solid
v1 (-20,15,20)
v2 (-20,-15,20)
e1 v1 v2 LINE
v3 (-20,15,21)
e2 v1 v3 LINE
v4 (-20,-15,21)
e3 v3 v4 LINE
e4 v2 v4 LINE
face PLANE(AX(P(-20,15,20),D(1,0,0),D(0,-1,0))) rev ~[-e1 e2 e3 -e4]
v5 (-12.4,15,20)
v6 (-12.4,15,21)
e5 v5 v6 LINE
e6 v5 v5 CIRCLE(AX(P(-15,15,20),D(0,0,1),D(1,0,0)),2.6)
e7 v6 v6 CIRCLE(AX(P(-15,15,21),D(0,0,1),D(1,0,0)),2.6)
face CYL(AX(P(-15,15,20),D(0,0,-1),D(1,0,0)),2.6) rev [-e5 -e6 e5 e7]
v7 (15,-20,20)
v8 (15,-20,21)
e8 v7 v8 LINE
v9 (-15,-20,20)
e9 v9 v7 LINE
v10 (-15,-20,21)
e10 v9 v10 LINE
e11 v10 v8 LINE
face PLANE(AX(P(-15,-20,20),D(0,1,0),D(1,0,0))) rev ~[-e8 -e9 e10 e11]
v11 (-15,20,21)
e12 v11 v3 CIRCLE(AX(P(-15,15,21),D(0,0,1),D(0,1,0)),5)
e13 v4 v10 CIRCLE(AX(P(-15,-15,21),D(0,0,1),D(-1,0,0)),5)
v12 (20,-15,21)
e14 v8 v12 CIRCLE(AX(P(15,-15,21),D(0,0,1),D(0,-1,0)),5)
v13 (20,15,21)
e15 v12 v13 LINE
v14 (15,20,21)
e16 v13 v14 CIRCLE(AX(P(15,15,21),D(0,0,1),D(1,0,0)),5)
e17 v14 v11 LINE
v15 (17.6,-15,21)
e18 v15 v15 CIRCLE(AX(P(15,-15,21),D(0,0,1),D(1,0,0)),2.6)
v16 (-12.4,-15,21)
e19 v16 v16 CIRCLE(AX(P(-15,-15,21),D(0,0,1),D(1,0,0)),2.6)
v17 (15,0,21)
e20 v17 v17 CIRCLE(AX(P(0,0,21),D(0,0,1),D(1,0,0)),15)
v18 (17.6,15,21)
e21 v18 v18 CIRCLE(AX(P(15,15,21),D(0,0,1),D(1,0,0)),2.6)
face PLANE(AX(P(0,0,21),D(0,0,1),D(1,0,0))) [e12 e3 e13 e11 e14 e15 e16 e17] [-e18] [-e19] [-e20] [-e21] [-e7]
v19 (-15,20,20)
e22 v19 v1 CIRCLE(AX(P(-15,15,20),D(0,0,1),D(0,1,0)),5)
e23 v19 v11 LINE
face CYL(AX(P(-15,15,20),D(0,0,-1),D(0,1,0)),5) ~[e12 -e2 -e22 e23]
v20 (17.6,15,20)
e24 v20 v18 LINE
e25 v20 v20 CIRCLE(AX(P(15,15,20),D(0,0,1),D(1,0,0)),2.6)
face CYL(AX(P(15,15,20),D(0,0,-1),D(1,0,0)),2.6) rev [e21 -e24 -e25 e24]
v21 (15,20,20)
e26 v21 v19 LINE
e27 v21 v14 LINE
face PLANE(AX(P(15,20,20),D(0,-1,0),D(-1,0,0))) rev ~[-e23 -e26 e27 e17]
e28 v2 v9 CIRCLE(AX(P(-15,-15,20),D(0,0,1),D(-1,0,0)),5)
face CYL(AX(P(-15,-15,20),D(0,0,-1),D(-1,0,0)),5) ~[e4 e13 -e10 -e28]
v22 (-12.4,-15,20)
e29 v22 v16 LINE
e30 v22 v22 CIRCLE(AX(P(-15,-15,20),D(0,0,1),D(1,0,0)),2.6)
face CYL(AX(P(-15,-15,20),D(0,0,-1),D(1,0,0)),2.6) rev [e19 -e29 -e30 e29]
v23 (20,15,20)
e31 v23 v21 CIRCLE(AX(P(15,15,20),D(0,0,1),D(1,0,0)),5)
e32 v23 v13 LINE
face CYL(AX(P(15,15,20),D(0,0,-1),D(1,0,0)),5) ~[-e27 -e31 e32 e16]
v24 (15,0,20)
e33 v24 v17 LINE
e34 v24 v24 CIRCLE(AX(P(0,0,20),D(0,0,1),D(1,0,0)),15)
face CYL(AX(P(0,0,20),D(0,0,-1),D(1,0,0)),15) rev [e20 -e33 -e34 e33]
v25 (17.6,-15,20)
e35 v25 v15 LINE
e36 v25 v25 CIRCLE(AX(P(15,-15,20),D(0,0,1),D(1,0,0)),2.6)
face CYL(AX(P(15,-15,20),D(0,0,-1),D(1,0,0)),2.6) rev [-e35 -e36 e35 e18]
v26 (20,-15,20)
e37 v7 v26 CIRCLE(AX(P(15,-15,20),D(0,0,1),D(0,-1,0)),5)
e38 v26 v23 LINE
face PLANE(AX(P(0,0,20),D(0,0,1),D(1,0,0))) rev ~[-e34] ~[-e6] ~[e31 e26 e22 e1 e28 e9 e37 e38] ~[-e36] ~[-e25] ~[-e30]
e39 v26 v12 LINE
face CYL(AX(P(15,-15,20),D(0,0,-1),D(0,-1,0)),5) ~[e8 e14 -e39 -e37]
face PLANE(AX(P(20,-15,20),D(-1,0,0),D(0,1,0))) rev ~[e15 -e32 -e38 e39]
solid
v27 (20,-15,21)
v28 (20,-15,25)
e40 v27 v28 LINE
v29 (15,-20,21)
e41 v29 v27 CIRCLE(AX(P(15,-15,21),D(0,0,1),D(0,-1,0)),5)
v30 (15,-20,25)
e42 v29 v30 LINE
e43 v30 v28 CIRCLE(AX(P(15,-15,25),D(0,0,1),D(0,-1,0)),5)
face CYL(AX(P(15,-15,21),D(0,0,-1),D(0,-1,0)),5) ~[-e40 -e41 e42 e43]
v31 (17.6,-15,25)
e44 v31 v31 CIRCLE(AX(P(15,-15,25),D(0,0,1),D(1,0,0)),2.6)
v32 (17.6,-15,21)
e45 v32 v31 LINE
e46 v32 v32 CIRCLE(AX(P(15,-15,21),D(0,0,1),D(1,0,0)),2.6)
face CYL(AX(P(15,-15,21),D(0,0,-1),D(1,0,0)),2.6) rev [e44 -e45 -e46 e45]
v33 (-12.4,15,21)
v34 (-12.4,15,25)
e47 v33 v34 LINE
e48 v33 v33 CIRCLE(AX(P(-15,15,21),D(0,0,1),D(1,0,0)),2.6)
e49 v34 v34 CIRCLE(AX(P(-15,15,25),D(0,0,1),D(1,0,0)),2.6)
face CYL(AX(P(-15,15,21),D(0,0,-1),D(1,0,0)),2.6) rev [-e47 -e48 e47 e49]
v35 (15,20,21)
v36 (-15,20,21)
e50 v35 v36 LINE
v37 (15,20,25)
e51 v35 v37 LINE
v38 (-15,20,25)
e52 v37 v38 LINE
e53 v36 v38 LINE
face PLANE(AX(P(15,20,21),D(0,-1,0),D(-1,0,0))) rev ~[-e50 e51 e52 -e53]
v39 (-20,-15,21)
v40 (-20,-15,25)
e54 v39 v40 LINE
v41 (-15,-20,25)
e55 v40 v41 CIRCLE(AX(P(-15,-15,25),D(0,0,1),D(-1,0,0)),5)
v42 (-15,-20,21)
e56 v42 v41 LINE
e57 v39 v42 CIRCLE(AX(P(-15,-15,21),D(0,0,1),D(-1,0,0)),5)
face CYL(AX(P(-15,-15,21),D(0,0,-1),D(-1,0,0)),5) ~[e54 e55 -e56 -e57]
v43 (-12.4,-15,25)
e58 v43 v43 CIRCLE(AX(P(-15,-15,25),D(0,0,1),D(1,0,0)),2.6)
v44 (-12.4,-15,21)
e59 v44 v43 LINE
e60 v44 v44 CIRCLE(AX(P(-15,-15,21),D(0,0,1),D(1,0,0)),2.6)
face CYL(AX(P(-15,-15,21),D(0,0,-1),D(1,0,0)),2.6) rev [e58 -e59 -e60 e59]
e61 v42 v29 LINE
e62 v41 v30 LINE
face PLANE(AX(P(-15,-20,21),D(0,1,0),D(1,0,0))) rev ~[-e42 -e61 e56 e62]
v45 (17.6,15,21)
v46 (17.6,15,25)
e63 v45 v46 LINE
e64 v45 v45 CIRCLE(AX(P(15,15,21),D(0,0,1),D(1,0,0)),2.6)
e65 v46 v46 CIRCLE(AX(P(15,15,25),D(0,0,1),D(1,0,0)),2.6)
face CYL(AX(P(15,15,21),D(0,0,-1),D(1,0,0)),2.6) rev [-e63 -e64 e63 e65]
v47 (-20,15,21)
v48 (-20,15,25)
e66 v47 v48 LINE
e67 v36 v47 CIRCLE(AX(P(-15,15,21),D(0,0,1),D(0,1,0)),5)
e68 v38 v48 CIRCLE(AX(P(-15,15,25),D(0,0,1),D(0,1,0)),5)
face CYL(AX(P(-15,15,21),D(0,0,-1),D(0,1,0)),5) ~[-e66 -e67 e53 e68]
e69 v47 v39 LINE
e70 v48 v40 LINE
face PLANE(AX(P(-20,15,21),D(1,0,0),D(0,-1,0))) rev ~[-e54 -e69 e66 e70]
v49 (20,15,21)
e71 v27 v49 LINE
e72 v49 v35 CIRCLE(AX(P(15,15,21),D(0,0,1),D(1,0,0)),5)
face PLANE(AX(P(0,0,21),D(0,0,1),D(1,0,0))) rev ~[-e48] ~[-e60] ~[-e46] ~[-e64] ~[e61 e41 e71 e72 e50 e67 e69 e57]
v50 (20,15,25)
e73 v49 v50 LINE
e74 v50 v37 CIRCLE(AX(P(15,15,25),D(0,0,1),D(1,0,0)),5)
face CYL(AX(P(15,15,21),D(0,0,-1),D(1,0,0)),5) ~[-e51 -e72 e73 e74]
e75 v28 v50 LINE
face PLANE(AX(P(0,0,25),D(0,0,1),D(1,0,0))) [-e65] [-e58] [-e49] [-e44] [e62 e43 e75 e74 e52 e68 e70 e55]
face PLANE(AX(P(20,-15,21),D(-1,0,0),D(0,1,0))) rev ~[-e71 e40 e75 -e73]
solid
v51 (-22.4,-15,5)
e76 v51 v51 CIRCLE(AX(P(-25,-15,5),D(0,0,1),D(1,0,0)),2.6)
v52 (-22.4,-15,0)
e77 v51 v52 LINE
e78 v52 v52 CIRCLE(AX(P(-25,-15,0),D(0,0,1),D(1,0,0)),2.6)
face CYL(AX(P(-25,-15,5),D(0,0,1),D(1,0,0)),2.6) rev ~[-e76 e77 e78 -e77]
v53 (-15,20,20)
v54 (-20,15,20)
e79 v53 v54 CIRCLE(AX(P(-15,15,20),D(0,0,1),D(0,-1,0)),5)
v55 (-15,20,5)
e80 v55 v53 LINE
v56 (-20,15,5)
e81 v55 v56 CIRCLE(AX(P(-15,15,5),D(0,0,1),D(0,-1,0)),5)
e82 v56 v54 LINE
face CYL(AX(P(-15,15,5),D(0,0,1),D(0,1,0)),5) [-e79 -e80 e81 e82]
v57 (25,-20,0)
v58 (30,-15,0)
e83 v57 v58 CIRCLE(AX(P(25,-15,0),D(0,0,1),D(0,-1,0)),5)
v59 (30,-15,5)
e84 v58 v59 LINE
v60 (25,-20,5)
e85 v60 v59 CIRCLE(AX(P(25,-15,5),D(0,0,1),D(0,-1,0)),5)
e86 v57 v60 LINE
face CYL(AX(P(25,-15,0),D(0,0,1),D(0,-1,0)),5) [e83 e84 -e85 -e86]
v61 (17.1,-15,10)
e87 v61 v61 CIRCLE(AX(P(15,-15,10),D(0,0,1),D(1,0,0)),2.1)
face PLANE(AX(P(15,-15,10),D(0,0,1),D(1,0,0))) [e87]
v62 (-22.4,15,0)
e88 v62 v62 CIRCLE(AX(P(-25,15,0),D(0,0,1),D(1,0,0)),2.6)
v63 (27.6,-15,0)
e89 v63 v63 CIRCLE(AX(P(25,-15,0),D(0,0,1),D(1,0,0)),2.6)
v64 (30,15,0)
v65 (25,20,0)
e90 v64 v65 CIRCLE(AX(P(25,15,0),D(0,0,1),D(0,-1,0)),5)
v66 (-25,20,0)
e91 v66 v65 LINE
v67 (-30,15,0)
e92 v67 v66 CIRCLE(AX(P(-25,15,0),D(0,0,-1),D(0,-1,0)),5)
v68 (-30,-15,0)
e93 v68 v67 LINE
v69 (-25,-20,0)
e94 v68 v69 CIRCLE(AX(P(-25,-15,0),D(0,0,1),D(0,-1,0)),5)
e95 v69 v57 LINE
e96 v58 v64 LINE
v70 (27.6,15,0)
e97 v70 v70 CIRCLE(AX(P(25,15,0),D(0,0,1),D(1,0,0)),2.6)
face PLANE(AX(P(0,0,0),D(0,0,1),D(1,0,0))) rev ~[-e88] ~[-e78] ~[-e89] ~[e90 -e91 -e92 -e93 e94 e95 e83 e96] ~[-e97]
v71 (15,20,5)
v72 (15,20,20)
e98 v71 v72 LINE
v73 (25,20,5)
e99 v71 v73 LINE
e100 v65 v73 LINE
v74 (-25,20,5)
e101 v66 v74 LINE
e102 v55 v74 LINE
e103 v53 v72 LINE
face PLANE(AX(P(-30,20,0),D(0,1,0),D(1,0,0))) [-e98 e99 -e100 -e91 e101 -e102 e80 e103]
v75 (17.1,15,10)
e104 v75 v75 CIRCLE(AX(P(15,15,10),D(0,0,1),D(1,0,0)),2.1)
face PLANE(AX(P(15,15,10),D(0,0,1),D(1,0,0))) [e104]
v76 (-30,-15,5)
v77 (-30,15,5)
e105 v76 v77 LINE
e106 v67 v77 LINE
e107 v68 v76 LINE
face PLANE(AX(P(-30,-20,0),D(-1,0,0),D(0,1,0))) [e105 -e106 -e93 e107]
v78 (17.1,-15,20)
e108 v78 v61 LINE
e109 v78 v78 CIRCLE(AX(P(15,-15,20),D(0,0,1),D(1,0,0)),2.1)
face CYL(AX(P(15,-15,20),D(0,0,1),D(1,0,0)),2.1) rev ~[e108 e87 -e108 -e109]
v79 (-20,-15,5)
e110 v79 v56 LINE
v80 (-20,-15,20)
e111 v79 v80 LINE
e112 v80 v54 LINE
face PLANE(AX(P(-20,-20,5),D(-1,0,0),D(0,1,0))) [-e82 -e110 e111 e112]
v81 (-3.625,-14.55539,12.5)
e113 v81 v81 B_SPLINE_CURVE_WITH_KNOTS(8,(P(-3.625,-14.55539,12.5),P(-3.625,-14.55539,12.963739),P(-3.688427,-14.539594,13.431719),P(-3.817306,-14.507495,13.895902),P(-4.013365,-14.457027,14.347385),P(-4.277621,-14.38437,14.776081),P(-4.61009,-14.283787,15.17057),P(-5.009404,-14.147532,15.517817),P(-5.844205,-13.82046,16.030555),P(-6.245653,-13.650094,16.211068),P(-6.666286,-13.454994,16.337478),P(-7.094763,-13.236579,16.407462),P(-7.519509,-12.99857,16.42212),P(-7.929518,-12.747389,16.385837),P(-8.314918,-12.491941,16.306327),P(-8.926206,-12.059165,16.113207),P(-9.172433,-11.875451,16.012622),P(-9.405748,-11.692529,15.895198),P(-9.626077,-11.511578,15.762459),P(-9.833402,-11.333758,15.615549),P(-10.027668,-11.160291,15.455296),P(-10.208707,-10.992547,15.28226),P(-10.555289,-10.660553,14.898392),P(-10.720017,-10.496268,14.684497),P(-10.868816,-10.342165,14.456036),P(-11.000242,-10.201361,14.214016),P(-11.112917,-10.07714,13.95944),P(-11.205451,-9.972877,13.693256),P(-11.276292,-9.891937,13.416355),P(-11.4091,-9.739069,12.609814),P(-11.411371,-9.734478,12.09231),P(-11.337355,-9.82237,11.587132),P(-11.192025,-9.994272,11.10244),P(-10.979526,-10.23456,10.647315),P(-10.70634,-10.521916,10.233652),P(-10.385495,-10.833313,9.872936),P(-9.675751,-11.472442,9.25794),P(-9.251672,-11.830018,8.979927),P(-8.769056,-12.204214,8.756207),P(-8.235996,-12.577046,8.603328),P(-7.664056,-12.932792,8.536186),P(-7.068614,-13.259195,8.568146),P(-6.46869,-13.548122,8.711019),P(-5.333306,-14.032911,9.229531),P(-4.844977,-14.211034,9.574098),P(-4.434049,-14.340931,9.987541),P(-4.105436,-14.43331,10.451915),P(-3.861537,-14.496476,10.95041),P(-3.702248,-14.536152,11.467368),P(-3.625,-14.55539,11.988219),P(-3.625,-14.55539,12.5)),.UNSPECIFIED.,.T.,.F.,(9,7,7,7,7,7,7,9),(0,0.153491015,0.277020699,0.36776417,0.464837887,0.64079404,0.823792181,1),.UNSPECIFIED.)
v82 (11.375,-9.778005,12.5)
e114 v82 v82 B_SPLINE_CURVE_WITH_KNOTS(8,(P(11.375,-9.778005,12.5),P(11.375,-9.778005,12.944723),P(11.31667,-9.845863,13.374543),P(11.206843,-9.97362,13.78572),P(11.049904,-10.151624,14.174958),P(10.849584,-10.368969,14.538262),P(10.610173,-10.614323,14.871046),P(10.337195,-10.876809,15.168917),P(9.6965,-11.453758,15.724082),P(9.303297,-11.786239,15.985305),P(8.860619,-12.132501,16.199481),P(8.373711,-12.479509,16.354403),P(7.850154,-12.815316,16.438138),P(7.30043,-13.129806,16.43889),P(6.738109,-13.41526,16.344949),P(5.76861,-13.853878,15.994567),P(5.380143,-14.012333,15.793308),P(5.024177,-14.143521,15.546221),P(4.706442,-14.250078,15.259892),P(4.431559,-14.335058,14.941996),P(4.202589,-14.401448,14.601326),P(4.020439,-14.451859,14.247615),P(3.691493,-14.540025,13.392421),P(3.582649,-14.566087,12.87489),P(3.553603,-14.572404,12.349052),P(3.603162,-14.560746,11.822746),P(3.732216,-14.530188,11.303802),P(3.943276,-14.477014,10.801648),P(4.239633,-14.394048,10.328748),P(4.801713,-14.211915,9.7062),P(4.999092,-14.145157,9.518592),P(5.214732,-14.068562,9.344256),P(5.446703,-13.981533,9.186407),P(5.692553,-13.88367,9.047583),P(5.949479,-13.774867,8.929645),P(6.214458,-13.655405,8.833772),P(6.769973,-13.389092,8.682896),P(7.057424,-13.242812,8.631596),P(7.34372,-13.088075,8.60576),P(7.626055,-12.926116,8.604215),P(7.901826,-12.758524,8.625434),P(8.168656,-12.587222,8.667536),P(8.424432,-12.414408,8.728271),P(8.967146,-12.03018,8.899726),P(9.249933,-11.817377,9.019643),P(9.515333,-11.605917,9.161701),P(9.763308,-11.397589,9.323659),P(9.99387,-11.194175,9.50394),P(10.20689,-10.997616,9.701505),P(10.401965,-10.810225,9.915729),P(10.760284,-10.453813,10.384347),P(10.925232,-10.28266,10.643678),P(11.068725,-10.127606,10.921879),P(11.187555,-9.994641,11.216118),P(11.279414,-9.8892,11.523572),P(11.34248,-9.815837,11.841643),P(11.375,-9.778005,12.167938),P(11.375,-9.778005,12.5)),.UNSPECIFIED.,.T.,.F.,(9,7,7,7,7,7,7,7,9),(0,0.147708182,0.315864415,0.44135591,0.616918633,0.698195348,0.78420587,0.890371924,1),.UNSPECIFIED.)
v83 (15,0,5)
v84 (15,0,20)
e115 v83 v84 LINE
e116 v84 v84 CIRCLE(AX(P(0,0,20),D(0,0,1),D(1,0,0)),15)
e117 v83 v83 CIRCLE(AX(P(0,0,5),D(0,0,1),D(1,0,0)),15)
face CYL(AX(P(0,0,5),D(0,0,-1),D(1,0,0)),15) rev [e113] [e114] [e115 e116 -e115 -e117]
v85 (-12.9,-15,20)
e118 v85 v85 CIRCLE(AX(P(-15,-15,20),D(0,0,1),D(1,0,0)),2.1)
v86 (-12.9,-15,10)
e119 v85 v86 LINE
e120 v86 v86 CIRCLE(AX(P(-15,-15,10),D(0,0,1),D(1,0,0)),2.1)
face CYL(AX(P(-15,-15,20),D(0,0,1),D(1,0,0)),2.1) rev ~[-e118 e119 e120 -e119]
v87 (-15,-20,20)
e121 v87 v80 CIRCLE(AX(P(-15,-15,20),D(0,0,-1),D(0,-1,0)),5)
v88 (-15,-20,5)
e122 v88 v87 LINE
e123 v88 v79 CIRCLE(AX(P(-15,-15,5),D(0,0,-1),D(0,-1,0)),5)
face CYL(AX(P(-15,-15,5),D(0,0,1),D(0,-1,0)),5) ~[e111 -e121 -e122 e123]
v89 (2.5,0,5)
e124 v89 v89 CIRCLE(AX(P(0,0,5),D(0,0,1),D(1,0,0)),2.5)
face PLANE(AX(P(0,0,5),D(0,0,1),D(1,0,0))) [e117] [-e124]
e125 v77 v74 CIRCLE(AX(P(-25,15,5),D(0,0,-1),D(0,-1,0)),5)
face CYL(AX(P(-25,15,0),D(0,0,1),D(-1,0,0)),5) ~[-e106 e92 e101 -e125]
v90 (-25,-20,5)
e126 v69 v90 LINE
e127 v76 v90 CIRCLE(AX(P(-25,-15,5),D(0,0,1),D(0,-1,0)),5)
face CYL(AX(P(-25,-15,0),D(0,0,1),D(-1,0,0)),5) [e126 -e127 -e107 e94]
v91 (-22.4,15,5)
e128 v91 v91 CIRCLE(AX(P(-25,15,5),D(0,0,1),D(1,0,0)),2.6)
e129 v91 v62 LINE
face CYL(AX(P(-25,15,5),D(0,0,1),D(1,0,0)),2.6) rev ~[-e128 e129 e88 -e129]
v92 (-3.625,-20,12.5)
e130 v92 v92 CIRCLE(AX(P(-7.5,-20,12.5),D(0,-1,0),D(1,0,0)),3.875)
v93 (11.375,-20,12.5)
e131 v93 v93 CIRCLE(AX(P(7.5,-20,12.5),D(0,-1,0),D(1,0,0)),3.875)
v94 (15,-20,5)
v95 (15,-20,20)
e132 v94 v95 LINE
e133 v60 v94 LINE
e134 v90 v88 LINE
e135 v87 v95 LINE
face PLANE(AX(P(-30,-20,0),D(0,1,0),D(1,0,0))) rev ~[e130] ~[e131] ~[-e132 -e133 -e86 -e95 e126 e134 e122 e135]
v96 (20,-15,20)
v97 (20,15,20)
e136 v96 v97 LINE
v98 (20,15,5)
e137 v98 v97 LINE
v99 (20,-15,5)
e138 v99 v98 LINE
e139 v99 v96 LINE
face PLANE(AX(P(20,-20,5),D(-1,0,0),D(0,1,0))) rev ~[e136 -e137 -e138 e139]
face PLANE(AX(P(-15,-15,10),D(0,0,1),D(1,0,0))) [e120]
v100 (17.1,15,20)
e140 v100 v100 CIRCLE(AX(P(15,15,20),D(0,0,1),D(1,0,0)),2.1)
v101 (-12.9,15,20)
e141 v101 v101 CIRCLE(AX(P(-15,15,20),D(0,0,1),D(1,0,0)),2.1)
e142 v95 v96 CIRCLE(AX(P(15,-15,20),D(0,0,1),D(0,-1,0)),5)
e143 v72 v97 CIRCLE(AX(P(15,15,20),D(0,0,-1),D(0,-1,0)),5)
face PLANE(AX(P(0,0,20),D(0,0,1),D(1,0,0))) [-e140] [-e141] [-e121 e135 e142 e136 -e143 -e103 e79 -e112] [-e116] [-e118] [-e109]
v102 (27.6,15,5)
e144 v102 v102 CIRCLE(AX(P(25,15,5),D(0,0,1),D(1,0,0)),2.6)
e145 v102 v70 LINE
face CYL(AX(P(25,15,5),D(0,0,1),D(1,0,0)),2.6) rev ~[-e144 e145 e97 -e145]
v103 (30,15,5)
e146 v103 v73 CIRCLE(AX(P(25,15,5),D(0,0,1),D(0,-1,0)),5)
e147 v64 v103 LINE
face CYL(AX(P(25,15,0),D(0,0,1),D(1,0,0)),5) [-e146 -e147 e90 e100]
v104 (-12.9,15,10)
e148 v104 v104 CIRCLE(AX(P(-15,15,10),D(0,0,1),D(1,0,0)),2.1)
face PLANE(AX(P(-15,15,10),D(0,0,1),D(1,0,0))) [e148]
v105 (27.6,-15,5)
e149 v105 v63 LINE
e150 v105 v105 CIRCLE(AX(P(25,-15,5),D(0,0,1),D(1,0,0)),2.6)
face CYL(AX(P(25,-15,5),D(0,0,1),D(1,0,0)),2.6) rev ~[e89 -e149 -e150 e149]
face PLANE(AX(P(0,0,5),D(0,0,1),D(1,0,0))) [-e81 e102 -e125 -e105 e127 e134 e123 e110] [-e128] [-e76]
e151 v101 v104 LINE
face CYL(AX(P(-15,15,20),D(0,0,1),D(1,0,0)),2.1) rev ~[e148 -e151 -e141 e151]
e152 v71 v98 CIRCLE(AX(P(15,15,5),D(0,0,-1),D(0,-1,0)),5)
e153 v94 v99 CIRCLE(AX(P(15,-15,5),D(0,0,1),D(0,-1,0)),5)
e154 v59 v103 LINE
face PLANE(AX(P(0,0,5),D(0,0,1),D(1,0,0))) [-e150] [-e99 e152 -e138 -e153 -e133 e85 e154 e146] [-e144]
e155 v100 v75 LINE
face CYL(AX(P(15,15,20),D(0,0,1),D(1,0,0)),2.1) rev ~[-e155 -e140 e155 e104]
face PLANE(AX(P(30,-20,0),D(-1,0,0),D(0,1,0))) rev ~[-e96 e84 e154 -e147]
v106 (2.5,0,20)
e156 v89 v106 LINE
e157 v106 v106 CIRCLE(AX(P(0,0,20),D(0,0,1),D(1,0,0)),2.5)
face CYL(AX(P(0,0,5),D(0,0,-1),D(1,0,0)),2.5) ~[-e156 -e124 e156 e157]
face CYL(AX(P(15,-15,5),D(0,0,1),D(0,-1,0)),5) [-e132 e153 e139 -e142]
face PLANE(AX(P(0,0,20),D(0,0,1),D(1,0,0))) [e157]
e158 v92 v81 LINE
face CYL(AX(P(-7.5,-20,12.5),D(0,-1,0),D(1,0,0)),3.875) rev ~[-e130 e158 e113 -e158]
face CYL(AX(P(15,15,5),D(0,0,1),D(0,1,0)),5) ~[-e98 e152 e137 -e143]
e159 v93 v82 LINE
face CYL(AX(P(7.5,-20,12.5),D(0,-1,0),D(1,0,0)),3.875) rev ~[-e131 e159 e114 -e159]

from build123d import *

# Parameters (mm, degrees)
F0_W      = 60
F0_H      = 40
F1_DEPTH  = 5
F2_R      = 5
F3_W      = 40
F3_H      = 40
F3_R      = 15
F3_R_2    = 2.5
F4_DEPTH  = 15
F5_R      = 5
F6_R      = 2.6
F7_DEPTH  = 25
F8_R      = 2.1
F9_DEPTH  = 10
F10_R     = 3.875
F11_DEPTH = 25
F12_R     = 2.6
F12_R_2   = 15
F13_DEPTH = 1
F14_R     = 2.6
F15_DEPTH = 4


with BuildPart() as f1:
    # F0 (on Top) → F1 (new body)
    with BuildSketch(Plane.XY):
        Rectangle(F0_W, F0_H)
    extrude(amount=F1_DEPTH)

    # F2
    f2_edges = [f1.edges().sort_by_distance(p)[0] for p in [
        (-30, 20, 2.5),
        (-30, -20, 2.5),
        (30, -20, 2.5),
        (30, 20, 2.5),
    ]]
    fillet(f2_edges, radius=F2_R)

    # F3 (on face) → F4 (join)
    with BuildSketch(Plane.XY.offset(5)):
        Rectangle(F3_W, F3_H)
        Circle(F3_R, mode=Mode.SUBTRACT)
        Circle(F3_R_2)
    extrude(amount=F4_DEPTH)

    # F5
    f5_edges = [f1.edges().sort_by_distance(p)[0] for p in [
        (-20, 20, 12.5),
        (-20, -20, 12.5),
        (20, -20, 12.5),
        (20, 20, 12.5),
    ]]
    fillet(f5_edges, radius=F5_R)

    # F6 (on face) → F7 (cut)
    with BuildSketch(Plane.XY.offset(5)):
        with Locations((-25, 15)):
            Circle(F6_R)
        with Locations((-25, -15)):
            Circle(F6_R)
        with Locations((25, 15)):
            Circle(F6_R)
        with Locations((25, -15)):
            Circle(F6_R)
    extrude(amount=-F7_DEPTH, mode=Mode.SUBTRACT)

    # F8 (on face) → F9 (cut)
    with BuildSketch(Plane.XY.offset(20)):
        with Locations((-15, 15)):
            Circle(F8_R)
        with Locations((-15, -15)):
            Circle(F8_R)
        with Locations((15, 15)):
            Circle(F8_R)
        with Locations((15, -15)):
            Circle(F8_R)
    extrude(amount=-F9_DEPTH, mode=Mode.SUBTRACT)

    # F10 (on face) → F11 (cut)
    with BuildSketch(Plane.XZ.offset(20)):
        with Locations((-7.5, 12.5)):
            Circle(F10_R)
        with Locations((7.5, 12.5)):
            Circle(F10_R)
    extrude(amount=-F11_DEPTH, mode=Mode.SUBTRACT)


with BuildPart() as f13:
    # F12 (on face) → F13 (new body)
    with BuildSketch(Plane.XY.offset(20)):
        with BuildLine():
            ThreePointArc((20, 15), (18.5355339059, 18.5355339059), (15, 20))
            Line((15, 20), (-15, 20))
            ThreePointArc((-15, 20), (-18.5355339059, 18.5355339059), (-20, 15))
            Line((-20, 15), (-20, -15))
            ThreePointArc((-20, -15), (-18.5355339059, -18.5355339059), (-15, -20))
            Line((-15, -20), (15, -20))
            ThreePointArc((15, -20), (18.5355339059, -18.5355339059), (20, -15))
            Line((20, -15), (20, 15))
        make_face()
        with Locations((-15, -15)):
            Circle(F12_R, mode=Mode.SUBTRACT)
        with Locations((15, -15)):
            Circle(F12_R, mode=Mode.SUBTRACT)
        with Locations((-15, 15)):
            Circle(F12_R, mode=Mode.SUBTRACT)
        Circle(F12_R_2, mode=Mode.SUBTRACT)
        with Locations((15, 15)):
            Circle(F12_R, mode=Mode.SUBTRACT)
    extrude(amount=F13_DEPTH)


with BuildPart() as f15:
    # F14 (on face) → F15 (new body)
    with BuildSketch(Plane.XY.offset(21)):
        with BuildLine():
            Line((20, -15), (20, 15))
            ThreePointArc((20, 15), (18.5355339059, 18.5355339059), (15, 20))
            Line((15, 20), (-15, 20))
            ThreePointArc((-15, 20), (-18.5355339059, 18.5355339059), (-20, 15))
            Line((-20, 15), (-20, -15))
            ThreePointArc((-20, -15), (-18.5355339059, -18.5355339059), (-15, -20))
            Line((-15, -20), (15, -20))
            ThreePointArc((15, -20), (18.5355339059, -18.5355339059), (20, -15))
        make_face()
        with Locations((-15, -15)):
            Circle(F14_R, mode=Mode.SUBTRACT)
        with Locations((15, -15)):
            Circle(F14_R, mode=Mode.SUBTRACT)
        with Locations((-15, 15)):
            Circle(F14_R, mode=Mode.SUBTRACT)
        with Locations((15, 15)):
            Circle(F14_R, mode=Mode.SUBTRACT)
    extrude(amount=F15_DEPTH)


solid = Compound([f1.part, f13.part, f15.part])
